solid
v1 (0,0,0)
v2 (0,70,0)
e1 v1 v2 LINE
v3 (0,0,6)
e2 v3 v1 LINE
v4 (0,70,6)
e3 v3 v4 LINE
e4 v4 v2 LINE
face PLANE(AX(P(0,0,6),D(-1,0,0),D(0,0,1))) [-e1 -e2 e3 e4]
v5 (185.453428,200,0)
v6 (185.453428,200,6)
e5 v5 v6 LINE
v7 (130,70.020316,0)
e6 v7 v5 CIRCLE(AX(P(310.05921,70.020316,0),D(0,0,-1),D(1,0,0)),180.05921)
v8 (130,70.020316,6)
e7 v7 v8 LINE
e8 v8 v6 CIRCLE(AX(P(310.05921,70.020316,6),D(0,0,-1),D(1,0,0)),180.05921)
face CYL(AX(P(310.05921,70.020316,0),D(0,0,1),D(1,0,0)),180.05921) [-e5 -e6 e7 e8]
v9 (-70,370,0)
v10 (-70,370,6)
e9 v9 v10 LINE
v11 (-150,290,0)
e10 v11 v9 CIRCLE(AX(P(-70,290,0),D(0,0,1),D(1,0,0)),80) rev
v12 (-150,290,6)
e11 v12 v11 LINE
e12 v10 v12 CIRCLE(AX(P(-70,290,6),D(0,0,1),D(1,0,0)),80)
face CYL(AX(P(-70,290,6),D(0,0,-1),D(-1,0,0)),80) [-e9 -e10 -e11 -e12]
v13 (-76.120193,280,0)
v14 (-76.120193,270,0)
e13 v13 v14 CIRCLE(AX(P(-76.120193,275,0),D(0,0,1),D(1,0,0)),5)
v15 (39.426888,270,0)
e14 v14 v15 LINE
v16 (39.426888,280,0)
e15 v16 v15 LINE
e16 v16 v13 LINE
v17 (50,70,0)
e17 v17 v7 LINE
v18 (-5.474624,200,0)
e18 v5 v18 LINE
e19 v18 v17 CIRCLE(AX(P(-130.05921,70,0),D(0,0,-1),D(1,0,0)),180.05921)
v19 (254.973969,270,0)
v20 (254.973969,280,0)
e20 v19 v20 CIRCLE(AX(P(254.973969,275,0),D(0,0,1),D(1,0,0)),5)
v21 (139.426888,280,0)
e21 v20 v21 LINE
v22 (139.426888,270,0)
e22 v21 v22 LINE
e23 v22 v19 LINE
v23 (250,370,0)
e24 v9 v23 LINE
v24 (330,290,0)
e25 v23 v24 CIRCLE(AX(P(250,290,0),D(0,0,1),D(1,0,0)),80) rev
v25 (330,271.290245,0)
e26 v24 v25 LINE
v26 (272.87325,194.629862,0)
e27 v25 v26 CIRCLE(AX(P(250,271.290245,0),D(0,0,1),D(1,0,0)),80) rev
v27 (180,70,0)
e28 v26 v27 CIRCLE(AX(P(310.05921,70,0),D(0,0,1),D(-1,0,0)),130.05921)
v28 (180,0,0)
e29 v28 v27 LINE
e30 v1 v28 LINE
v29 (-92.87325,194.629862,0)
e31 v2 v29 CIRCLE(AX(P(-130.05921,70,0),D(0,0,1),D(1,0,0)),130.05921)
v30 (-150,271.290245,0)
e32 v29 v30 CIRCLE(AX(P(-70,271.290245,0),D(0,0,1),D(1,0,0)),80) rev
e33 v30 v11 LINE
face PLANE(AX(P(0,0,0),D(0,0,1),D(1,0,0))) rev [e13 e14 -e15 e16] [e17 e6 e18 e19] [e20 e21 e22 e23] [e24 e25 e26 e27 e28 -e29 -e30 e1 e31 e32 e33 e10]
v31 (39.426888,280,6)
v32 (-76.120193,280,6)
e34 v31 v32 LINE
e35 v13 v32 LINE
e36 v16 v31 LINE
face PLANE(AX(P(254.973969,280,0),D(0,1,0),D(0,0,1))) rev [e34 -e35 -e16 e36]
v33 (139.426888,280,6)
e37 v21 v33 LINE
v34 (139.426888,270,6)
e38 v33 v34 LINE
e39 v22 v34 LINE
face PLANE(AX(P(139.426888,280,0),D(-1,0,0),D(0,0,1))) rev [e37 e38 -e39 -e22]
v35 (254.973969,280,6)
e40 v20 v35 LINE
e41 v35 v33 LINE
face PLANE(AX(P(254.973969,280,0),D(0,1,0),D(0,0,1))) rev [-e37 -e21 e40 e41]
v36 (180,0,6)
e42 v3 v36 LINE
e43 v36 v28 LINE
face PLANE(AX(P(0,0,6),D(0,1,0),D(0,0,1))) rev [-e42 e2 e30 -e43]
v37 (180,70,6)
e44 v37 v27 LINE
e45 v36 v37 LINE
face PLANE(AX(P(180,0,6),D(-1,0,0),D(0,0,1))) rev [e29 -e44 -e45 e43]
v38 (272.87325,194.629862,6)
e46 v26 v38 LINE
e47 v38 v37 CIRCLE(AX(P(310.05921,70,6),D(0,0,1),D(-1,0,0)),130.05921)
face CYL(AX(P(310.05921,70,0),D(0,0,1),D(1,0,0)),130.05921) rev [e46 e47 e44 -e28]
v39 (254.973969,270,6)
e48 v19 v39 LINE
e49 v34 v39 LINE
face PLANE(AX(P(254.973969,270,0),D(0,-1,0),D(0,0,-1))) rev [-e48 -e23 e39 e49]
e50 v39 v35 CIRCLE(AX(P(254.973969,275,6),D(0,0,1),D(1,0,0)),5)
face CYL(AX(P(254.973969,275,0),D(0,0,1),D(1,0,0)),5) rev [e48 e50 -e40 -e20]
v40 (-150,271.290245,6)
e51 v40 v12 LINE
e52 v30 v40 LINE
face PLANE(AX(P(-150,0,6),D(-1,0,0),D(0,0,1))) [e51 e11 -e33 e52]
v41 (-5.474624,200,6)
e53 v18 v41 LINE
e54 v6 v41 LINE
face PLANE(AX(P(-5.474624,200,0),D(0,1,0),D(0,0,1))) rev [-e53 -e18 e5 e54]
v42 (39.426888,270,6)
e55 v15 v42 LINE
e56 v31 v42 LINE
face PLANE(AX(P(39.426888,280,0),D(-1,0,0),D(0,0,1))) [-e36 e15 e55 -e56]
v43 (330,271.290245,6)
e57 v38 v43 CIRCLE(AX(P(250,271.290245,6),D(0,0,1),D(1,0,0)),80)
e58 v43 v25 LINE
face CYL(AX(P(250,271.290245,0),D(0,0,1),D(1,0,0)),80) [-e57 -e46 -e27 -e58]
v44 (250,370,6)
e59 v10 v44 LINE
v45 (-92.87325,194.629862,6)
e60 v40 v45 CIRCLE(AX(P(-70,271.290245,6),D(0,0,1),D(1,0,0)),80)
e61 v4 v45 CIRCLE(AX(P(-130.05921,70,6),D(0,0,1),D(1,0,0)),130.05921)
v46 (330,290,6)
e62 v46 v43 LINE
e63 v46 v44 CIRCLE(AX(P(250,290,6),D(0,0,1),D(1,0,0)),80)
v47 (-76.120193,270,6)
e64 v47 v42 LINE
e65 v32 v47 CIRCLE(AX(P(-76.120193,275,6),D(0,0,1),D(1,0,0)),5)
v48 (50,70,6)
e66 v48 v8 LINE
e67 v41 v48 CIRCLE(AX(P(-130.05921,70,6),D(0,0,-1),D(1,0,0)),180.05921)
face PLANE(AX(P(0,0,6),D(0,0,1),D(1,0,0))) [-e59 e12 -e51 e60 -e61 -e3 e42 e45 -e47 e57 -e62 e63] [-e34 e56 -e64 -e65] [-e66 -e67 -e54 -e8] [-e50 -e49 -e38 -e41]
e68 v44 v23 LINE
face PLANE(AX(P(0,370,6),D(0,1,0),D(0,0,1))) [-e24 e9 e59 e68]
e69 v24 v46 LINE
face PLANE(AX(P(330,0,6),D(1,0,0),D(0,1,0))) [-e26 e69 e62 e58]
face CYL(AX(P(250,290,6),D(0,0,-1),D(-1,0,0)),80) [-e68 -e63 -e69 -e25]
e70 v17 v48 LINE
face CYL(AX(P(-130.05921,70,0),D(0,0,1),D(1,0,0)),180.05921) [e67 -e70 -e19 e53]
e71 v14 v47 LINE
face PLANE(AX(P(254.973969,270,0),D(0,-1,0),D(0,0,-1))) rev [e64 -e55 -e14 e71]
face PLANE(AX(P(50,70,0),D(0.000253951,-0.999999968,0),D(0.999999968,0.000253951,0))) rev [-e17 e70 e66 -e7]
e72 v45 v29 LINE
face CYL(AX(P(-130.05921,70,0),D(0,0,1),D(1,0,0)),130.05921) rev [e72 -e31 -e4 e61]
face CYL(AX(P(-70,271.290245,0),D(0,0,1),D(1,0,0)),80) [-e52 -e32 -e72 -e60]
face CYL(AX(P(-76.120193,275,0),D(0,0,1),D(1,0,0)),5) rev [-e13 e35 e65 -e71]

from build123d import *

# Parameters (mm, degrees)
RESSALTO_EXTRUS_O1_DEPTH = 6
FILETE1_R                = 80
CORTE_EXTRUS_O1_DEPTH    = 496.818515185
FILETE2_R                = 80
CORTE_EXTRUS_O2_DEPTH    = 496.818515327
CORTE_EXTRUS_O3_DEPTH    = 6
ESBO_O7_W                = 100
ESBO_O7_H                = 10
RESSALTO_EXTRUS_O4_DEPTH = 6


with BuildPart() as part:
    # Esboço1 → Ressalto-extrusão1 (new body)
    with BuildSketch(Plane.XY):
        Polygon((-150, 70), (0, 70), (0, 0), (180, 0), (180, 70), (330, 70), (330, 370), (-150, 370), align=None)
    extrude(amount=RESSALTO_EXTRUS_O1_DEPTH)

    # Filete1
    filete1_edges = [part.edges().sort_by_distance(p)[0] for p in [
        (-150, 370, 3),
        (330, 370, 3),
    ]]
    fillet(filete1_edges, radius=FILETE1_R)

    # Esboço4 → Corte-extrusão1 (cut, through all)
    with BuildSketch(Plane.XY.offset(6)):
        with BuildLine():
            Line((-150, 70), (0, 70))
            ThreePointArc((0, 70), (-36.716416622, 160.567770202), (-126.135181443, 200))
            Line((-126.135181443, 200), (-150, 200))
            Line((-150, 200), (-150, 70))
        make_face()
        with BuildLine():
            Line((330, 200), (306.135181443, 200))
            ThreePointArc((306.135181443, 200), (216.716416622, 160.567770202), (180, 70))
            Line((180, 70), (330, 70))
            Line((330, 70), (330, 200))
        make_face()
    extrude(amount=-CORTE_EXTRUS_O1_DEPTH, mode=Mode.SUBTRACT)

    # Filete2
    filete2_edges = [part.edges().sort_by_distance(p)[0] for p in [
        (330, 200, 3),
        (-150, 200, 3),
    ]]
    fillet(filete2_edges, radius=FILETE2_R)

    # Esboço5 → Corte-extrusão2 (cut, through all)
    with BuildSketch(Plane.XY.offset(6)):
        with BuildLine():
            Line((254.973969337, 280), (-76.120192614, 280))
            ThreePointArc((-76.120192614, 280), (-81.120192614, 275), (-76.120192614, 270))
            Line((-76.120192614, 270), (254.973969337, 270))
            ThreePointArc((254.973969337, 270), (259.973969337, 275), (254.973969337, 280))
        make_face()
    extrude(amount=-CORTE_EXTRUS_O2_DEPTH, mode=Mode.SUBTRACT)

    # Esboço6 → Corte-extrusão3 (cut)
    with BuildSketch(Plane.XY.offset(6)):
        with BuildLine():
            Line((50, 70), (130, 70.020316047))
            ThreePointArc((130, 70.020316047), (144.44257782, 140.677589128), (185.453428357, 200))
            Line((185.453428357, 200), (-5.474624038, 200))
            ThreePointArc((-5.474624038, 200), (35.551661067, 140.670775275), (50, 70))
        make_face()
    extrude(amount=-CORTE_EXTRUS_O3_DEPTH, mode=Mode.SUBTRACT)

    # Esboço7 → Ressalto-extrusão4 (add)
    with BuildSketch(Plane.XY.offset(6)):
        with Locations((89.426888362, 275)):
            Rectangle(ESBO_O7_W, ESBO_O7_H)
    extrude(amount=-RESSALTO_EXTRUS_O4_DEPTH)


solid = part.part
